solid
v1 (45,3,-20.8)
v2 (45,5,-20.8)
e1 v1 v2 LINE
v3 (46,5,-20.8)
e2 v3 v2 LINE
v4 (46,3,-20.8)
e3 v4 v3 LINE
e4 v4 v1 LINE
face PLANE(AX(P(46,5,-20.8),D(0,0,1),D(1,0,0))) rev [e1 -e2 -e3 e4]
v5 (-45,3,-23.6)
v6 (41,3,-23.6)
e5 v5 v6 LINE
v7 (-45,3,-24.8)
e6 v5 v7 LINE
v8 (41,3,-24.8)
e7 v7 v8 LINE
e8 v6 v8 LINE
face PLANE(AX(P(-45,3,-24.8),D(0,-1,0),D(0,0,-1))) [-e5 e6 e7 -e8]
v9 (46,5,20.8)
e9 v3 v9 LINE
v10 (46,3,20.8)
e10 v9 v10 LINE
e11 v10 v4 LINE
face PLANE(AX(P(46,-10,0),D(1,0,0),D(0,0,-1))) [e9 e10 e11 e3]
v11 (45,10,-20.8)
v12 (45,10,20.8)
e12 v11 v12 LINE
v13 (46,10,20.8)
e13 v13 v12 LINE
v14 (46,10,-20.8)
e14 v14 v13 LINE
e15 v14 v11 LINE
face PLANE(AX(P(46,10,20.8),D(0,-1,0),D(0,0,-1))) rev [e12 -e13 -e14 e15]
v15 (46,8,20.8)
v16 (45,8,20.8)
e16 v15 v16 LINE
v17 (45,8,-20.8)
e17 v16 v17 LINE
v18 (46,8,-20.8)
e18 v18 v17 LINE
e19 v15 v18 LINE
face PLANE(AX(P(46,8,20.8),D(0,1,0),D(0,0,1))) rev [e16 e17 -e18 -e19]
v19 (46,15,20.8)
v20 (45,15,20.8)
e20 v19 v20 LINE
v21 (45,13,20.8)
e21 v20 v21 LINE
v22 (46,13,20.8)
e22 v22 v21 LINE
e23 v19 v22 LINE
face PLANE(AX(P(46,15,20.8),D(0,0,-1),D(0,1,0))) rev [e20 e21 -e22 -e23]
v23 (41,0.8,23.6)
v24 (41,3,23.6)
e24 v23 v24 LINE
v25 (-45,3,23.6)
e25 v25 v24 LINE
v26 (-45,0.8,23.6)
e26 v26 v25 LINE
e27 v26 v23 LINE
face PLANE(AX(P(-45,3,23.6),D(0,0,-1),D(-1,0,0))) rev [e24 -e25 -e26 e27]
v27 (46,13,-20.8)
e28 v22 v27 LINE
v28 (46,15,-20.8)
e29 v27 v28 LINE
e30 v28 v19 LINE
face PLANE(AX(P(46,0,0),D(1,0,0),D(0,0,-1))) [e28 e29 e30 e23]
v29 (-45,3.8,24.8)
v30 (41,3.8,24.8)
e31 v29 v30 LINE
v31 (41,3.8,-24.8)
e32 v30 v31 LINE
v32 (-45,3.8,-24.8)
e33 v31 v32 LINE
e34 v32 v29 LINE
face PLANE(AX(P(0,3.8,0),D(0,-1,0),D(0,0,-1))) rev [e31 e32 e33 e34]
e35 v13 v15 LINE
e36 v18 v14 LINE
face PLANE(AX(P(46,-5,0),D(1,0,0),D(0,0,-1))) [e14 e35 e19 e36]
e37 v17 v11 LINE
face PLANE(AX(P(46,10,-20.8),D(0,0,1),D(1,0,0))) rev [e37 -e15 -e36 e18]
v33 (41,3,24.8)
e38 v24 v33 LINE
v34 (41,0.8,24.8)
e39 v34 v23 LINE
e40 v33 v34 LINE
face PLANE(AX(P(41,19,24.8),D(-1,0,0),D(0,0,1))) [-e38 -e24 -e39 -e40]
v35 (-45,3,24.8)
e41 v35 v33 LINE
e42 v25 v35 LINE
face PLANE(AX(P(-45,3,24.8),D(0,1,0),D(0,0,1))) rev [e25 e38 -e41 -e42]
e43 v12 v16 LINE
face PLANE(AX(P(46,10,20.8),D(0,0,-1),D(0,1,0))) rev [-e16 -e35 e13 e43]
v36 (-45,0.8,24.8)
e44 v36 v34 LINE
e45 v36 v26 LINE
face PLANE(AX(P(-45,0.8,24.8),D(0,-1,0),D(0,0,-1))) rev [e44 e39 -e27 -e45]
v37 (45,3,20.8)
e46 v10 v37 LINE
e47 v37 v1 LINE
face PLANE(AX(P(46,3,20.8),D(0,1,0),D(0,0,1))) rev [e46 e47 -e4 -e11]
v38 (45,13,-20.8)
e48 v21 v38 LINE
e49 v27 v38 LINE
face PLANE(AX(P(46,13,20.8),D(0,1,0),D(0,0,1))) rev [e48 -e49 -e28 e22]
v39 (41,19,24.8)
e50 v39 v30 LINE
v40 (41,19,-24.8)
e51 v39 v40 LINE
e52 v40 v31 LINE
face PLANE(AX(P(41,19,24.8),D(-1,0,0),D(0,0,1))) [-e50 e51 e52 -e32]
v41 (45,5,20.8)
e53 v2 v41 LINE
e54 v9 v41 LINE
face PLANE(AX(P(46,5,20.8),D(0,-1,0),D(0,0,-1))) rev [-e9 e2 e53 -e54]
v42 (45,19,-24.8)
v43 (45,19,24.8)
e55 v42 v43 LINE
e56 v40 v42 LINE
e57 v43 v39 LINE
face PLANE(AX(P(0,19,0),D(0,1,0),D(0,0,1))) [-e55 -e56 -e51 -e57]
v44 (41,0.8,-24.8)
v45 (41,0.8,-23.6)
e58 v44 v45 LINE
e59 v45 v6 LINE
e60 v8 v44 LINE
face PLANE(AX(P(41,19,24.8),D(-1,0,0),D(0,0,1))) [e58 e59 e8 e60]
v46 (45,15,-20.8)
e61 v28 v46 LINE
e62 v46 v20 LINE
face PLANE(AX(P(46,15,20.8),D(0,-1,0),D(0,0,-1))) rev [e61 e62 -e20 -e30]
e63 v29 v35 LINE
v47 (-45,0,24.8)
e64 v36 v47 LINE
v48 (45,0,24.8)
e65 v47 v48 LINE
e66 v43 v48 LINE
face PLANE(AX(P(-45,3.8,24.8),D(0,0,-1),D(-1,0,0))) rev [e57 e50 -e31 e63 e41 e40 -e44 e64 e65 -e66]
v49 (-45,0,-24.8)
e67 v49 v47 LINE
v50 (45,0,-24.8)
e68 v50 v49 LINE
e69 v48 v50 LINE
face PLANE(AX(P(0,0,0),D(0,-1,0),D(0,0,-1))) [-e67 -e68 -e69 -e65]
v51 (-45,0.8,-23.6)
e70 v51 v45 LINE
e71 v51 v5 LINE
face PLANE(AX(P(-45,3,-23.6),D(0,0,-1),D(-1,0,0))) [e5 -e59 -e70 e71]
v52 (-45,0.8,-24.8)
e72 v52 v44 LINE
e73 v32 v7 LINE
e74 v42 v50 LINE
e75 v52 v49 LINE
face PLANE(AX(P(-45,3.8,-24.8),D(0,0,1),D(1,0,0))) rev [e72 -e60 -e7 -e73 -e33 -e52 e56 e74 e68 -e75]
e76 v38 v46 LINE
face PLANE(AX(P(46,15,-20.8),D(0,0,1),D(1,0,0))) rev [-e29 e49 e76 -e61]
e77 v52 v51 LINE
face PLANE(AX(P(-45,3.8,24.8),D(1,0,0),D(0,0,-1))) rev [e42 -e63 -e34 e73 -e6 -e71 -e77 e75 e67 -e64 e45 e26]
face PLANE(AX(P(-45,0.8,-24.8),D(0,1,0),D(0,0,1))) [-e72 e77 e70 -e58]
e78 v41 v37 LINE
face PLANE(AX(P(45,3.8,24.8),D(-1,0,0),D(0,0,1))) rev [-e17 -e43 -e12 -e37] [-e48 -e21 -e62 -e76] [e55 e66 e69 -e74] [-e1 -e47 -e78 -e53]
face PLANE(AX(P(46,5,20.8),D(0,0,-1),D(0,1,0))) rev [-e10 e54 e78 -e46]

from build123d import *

# Parameters (mm, degrees)
SKETCH1_W           = 90
SKETCH1_H           = 49.6
BOSS_EXTRUDE1_DEPTH = 3.8
SKETCH2_W           = 1.2
SKETCH2_H           = 2.2
CUT_EXTRUDE1_DEPTH  = 91
SKETCH3_W           = 4
SKETCH3_H           = 49.6
BOSS_EXTRUDE2_DEPTH = 19
SKETCH4_W           = 41.6
SKETCH4_H           = 2
BOSS_EXTRUDE3_DEPTH = 1
LPATTERN1_COUNT     = 3
LPATTERN1_PITCH     = 5


with BuildPart() as part:
    # Sketch1 → Boss-Extrude1 (new body)
    with BuildSketch(Plane(origin=(0, 0, 0), x_dir=(1, 0, 0), z_dir=(0, 1, 0))):
        Rectangle(SKETCH1_W, SKETCH1_H)
    extrude(amount=BOSS_EXTRUDE1_DEPTH)

    # Sketch2 → Cut-Extrude1 (cut, through all)
    with BuildSketch(Plane(origin=(45, 0, 0), x_dir=(0, 0, -1), z_dir=(1, 0, 0))):
        with Locations((-24.2, 1.9)):
            Rectangle(SKETCH2_W, SKETCH2_H)
    cut_extrude1 = extrude(amount=-CUT_EXTRUDE1_DEPTH, mode=Mode.SUBTRACT)

    # Mirror1: Cut-Extrude1 across plane
    add(cut_extrude1.mirror(Plane.XY), mode=Mode.SUBTRACT)

    # Sketch3 → Boss-Extrude2 (add)
    with BuildSketch(Plane.XZ):
        with Locations((43, 0)):
            Rectangle(SKETCH3_W, SKETCH3_H)
    extrude(amount=-BOSS_EXTRUDE2_DEPTH)

    # Sketch4 → Boss-Extrude3 (add)
    with BuildSketch(Plane(origin=(45, 0, 0), x_dir=(0, 0, -1), z_dir=(1, 0, 0))):
        with Locations((0, 14)):
            Rectangle(SKETCH4_W, SKETCH4_H)
    boss_extrude3 = extrude(amount=BOSS_EXTRUDE3_DEPTH)

    # LPattern1: Boss-Extrude3 ×3
    with Locations(*[(0, -i * LPATTERN1_PITCH, 0) for i in range(1, LPATTERN1_COUNT)]):
        add(boss_extrude3)


solid = part.part
